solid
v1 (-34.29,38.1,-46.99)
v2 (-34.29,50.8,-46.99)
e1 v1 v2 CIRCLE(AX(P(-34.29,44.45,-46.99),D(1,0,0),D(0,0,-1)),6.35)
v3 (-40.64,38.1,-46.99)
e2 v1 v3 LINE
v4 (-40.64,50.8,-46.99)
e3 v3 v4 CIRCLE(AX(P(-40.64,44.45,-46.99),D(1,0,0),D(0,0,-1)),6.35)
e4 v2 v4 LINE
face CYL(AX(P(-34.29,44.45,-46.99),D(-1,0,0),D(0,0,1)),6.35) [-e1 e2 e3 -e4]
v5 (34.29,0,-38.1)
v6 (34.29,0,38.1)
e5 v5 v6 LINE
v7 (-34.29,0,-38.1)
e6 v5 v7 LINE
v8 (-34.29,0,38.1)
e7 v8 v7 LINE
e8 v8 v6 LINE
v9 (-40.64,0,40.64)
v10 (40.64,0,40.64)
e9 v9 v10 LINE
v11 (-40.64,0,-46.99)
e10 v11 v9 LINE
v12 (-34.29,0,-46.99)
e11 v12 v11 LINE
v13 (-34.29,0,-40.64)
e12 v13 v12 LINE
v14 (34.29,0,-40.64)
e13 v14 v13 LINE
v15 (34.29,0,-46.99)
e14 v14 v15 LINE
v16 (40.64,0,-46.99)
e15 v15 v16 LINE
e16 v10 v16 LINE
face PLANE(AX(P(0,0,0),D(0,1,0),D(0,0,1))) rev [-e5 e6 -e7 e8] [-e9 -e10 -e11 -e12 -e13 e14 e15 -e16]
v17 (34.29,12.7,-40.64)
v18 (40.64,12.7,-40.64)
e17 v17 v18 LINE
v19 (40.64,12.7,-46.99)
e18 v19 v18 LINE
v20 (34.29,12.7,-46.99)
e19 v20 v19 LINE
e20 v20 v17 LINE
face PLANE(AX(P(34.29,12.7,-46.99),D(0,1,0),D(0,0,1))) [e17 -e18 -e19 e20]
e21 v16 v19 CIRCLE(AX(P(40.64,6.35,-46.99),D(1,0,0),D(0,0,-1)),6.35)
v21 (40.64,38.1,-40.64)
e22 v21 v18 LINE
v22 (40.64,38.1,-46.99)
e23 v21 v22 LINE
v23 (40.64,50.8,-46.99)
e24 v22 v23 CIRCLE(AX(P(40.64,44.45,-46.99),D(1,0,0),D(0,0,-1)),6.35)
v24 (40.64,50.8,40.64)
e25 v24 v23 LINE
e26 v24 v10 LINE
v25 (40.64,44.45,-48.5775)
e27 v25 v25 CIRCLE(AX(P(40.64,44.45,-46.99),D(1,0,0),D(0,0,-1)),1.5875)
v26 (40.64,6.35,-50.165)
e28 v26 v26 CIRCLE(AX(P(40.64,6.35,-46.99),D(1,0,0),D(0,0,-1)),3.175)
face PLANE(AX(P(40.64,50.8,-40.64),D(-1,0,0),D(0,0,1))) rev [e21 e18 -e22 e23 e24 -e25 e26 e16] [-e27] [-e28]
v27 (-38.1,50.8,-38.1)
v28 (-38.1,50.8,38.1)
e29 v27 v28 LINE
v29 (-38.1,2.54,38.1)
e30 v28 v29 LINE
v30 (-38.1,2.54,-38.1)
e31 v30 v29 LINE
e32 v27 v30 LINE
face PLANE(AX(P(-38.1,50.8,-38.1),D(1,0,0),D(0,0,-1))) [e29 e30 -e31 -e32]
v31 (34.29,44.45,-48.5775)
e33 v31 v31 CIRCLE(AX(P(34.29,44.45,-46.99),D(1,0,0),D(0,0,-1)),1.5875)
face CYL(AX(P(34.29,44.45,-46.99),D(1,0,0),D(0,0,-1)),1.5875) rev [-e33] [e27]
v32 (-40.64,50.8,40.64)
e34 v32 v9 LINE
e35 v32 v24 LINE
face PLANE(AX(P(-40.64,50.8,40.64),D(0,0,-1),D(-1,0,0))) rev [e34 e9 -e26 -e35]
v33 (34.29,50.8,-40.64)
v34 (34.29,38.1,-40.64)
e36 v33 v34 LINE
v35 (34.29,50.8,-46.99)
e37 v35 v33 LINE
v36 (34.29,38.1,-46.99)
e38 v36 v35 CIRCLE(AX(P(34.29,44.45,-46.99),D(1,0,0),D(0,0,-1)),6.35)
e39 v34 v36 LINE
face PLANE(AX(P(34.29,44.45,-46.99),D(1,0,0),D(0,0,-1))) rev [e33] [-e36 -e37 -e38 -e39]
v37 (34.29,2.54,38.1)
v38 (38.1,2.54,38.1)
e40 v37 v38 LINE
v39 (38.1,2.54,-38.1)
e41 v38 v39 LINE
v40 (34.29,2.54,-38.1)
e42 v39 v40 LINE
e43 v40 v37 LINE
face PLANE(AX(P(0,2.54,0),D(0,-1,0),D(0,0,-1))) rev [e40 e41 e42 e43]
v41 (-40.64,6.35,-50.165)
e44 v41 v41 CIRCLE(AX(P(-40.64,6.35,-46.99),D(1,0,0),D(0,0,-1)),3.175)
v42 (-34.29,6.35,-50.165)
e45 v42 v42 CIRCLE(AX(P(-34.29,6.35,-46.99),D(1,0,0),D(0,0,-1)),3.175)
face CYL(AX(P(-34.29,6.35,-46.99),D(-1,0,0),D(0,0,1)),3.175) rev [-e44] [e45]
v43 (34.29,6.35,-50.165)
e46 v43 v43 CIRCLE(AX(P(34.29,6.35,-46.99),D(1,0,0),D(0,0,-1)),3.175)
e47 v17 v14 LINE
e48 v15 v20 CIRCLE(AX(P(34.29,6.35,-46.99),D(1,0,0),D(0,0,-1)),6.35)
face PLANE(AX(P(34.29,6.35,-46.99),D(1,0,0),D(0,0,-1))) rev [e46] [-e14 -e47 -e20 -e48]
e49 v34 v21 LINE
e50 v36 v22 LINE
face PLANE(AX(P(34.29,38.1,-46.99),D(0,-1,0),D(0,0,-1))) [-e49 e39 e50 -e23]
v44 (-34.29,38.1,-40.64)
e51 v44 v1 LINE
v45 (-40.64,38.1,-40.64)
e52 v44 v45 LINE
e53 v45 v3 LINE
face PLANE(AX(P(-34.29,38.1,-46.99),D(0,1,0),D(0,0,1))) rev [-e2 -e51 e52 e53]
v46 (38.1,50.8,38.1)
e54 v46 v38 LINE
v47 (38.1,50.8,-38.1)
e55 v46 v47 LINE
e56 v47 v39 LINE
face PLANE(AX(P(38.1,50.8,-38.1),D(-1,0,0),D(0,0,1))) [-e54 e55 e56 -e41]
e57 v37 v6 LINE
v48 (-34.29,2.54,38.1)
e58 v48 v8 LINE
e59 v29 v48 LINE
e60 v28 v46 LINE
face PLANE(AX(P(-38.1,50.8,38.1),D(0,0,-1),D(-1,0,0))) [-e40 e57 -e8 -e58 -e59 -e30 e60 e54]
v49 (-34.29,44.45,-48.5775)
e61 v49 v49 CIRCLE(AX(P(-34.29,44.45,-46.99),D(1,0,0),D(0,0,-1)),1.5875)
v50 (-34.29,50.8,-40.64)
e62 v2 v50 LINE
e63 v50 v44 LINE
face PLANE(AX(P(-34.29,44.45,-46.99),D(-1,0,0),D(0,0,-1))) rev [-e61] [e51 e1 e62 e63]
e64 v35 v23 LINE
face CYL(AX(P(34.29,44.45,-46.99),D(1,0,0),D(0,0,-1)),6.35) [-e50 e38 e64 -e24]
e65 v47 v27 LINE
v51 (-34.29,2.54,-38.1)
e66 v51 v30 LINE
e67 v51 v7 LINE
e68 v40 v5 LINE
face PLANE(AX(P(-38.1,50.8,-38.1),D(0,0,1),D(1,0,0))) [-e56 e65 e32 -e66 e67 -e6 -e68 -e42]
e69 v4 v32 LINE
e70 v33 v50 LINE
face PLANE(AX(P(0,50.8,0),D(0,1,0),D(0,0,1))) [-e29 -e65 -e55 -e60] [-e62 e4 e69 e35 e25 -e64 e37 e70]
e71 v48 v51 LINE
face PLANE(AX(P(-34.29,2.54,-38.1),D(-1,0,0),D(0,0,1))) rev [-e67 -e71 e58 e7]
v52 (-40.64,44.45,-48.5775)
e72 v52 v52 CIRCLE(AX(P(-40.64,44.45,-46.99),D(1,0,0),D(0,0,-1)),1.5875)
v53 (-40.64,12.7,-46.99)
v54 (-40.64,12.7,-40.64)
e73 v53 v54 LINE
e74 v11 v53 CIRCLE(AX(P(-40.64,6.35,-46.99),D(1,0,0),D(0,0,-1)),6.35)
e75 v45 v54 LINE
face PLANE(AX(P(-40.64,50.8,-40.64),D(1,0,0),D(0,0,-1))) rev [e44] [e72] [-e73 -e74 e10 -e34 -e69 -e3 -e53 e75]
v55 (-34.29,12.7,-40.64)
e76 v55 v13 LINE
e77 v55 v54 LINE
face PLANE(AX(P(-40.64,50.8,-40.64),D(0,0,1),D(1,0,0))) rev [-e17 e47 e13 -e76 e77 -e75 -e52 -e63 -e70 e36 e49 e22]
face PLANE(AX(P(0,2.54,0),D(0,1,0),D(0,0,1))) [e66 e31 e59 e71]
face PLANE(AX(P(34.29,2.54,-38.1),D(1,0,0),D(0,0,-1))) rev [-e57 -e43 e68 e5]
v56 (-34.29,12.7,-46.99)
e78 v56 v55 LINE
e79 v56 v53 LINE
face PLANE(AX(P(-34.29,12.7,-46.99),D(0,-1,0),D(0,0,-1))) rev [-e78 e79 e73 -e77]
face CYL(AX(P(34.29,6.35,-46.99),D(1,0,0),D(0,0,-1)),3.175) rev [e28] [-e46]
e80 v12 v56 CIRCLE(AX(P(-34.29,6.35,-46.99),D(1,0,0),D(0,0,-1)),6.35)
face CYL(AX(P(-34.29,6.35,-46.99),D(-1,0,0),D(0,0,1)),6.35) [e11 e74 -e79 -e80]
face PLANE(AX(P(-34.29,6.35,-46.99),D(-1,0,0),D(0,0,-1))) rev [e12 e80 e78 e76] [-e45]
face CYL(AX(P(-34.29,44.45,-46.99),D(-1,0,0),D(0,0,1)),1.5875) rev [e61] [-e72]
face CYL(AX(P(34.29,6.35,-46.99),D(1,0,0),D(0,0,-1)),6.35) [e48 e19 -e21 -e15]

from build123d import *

# Parameters (mm, degrees)
SKETCH1_W           = 81.28
SKETCH1_H           = 81.28
SKETCH1_W_2         = 76.2
SKETCH1_H_2         = 76.2
BOSS_EXTRUDE1_DEPTH = 50.8
SKETCH2_W           = 3.81
SKETCH2_H           = 76.2
BOSS_EXTRUDE2_DEPTH = 2.54
SKETCH3_R           = 3.175
BOSS_EXTRUDE3_DEPTH = 6.35
SKETCH4_R           = 1.5875
BOSS_EXTRUDE4_DEPTH = 6.35


with BuildPart() as part:
    # Sketch1 → Boss-Extrude1 (new body)
    with BuildSketch(Plane(origin=(0, 0, 0), x_dir=(1, 0, 0), z_dir=(0, 1, 0))):
        Rectangle(SKETCH1_W, SKETCH1_H)
        Rectangle(SKETCH1_W_2, SKETCH1_H_2, mode=Mode.SUBTRACT)
    extrude(amount=BOSS_EXTRUDE1_DEPTH)

    # Sketch2 → Boss-Extrude2 (add)
    with BuildSketch(Plane(origin=(0, 0, 0), x_dir=(1, 0, 0), z_dir=(0, 1, 0))):
        with Locations((-36.195, 0)):
            Rectangle(SKETCH2_W, SKETCH2_H)
        with Locations((36.195, 0)):
            Rectangle(SKETCH2_W, SKETCH2_H)
    extrude(amount=BOSS_EXTRUDE2_DEPTH)

    # Sketch3 → Boss-Extrude3 (add)
    with BuildSketch(Plane(origin=(40.64, 0, 0), x_dir=(0, 0, -1), z_dir=(1, 0, 0))):
        with BuildLine():
            Line((46.99, 12.7), (40.64, 12.7))
            Line((40.64, 12.7), (40.64, 0))
            Line((40.64, 0), (46.99, 0))
            ThreePointArc((46.99, 0), (53.34, 6.35), (46.99, 12.7))
        make_face()
        with Locations((46.99, 6.35)):
            Circle(SKETCH3_R, mode=Mode.SUBTRACT)
    boss_extrude3 = extrude(amount=-BOSS_EXTRUDE3_DEPTH)

    # Sketch4 → Boss-Extrude4 (add)
    with BuildSketch(Plane(origin=(40.64, 0, 0), x_dir=(0, 0, -1), z_dir=(1, 0, 0))):
        with BuildLine():
            Line((46.99, 50.8), (40.64, 50.8))
            Line((40.64, 50.8), (40.64, 38.1))
            Line((40.64, 38.1), (46.99, 38.1))
            ThreePointArc((46.99, 38.1), (53.34, 44.45), (46.99, 50.8))
        make_face()
        with Locations((46.99, 44.45)):
            Circle(SKETCH4_R, mode=Mode.SUBTRACT)
    boss_extrude4 = extrude(amount=-BOSS_EXTRUDE4_DEPTH)

    # Mirror1: Boss-Extrude3, Boss-Extrude4 across plane
    add(boss_extrude3.mirror(Plane.ZY))
    add(boss_extrude4.mirror(Plane.ZY))


solid = part.part
